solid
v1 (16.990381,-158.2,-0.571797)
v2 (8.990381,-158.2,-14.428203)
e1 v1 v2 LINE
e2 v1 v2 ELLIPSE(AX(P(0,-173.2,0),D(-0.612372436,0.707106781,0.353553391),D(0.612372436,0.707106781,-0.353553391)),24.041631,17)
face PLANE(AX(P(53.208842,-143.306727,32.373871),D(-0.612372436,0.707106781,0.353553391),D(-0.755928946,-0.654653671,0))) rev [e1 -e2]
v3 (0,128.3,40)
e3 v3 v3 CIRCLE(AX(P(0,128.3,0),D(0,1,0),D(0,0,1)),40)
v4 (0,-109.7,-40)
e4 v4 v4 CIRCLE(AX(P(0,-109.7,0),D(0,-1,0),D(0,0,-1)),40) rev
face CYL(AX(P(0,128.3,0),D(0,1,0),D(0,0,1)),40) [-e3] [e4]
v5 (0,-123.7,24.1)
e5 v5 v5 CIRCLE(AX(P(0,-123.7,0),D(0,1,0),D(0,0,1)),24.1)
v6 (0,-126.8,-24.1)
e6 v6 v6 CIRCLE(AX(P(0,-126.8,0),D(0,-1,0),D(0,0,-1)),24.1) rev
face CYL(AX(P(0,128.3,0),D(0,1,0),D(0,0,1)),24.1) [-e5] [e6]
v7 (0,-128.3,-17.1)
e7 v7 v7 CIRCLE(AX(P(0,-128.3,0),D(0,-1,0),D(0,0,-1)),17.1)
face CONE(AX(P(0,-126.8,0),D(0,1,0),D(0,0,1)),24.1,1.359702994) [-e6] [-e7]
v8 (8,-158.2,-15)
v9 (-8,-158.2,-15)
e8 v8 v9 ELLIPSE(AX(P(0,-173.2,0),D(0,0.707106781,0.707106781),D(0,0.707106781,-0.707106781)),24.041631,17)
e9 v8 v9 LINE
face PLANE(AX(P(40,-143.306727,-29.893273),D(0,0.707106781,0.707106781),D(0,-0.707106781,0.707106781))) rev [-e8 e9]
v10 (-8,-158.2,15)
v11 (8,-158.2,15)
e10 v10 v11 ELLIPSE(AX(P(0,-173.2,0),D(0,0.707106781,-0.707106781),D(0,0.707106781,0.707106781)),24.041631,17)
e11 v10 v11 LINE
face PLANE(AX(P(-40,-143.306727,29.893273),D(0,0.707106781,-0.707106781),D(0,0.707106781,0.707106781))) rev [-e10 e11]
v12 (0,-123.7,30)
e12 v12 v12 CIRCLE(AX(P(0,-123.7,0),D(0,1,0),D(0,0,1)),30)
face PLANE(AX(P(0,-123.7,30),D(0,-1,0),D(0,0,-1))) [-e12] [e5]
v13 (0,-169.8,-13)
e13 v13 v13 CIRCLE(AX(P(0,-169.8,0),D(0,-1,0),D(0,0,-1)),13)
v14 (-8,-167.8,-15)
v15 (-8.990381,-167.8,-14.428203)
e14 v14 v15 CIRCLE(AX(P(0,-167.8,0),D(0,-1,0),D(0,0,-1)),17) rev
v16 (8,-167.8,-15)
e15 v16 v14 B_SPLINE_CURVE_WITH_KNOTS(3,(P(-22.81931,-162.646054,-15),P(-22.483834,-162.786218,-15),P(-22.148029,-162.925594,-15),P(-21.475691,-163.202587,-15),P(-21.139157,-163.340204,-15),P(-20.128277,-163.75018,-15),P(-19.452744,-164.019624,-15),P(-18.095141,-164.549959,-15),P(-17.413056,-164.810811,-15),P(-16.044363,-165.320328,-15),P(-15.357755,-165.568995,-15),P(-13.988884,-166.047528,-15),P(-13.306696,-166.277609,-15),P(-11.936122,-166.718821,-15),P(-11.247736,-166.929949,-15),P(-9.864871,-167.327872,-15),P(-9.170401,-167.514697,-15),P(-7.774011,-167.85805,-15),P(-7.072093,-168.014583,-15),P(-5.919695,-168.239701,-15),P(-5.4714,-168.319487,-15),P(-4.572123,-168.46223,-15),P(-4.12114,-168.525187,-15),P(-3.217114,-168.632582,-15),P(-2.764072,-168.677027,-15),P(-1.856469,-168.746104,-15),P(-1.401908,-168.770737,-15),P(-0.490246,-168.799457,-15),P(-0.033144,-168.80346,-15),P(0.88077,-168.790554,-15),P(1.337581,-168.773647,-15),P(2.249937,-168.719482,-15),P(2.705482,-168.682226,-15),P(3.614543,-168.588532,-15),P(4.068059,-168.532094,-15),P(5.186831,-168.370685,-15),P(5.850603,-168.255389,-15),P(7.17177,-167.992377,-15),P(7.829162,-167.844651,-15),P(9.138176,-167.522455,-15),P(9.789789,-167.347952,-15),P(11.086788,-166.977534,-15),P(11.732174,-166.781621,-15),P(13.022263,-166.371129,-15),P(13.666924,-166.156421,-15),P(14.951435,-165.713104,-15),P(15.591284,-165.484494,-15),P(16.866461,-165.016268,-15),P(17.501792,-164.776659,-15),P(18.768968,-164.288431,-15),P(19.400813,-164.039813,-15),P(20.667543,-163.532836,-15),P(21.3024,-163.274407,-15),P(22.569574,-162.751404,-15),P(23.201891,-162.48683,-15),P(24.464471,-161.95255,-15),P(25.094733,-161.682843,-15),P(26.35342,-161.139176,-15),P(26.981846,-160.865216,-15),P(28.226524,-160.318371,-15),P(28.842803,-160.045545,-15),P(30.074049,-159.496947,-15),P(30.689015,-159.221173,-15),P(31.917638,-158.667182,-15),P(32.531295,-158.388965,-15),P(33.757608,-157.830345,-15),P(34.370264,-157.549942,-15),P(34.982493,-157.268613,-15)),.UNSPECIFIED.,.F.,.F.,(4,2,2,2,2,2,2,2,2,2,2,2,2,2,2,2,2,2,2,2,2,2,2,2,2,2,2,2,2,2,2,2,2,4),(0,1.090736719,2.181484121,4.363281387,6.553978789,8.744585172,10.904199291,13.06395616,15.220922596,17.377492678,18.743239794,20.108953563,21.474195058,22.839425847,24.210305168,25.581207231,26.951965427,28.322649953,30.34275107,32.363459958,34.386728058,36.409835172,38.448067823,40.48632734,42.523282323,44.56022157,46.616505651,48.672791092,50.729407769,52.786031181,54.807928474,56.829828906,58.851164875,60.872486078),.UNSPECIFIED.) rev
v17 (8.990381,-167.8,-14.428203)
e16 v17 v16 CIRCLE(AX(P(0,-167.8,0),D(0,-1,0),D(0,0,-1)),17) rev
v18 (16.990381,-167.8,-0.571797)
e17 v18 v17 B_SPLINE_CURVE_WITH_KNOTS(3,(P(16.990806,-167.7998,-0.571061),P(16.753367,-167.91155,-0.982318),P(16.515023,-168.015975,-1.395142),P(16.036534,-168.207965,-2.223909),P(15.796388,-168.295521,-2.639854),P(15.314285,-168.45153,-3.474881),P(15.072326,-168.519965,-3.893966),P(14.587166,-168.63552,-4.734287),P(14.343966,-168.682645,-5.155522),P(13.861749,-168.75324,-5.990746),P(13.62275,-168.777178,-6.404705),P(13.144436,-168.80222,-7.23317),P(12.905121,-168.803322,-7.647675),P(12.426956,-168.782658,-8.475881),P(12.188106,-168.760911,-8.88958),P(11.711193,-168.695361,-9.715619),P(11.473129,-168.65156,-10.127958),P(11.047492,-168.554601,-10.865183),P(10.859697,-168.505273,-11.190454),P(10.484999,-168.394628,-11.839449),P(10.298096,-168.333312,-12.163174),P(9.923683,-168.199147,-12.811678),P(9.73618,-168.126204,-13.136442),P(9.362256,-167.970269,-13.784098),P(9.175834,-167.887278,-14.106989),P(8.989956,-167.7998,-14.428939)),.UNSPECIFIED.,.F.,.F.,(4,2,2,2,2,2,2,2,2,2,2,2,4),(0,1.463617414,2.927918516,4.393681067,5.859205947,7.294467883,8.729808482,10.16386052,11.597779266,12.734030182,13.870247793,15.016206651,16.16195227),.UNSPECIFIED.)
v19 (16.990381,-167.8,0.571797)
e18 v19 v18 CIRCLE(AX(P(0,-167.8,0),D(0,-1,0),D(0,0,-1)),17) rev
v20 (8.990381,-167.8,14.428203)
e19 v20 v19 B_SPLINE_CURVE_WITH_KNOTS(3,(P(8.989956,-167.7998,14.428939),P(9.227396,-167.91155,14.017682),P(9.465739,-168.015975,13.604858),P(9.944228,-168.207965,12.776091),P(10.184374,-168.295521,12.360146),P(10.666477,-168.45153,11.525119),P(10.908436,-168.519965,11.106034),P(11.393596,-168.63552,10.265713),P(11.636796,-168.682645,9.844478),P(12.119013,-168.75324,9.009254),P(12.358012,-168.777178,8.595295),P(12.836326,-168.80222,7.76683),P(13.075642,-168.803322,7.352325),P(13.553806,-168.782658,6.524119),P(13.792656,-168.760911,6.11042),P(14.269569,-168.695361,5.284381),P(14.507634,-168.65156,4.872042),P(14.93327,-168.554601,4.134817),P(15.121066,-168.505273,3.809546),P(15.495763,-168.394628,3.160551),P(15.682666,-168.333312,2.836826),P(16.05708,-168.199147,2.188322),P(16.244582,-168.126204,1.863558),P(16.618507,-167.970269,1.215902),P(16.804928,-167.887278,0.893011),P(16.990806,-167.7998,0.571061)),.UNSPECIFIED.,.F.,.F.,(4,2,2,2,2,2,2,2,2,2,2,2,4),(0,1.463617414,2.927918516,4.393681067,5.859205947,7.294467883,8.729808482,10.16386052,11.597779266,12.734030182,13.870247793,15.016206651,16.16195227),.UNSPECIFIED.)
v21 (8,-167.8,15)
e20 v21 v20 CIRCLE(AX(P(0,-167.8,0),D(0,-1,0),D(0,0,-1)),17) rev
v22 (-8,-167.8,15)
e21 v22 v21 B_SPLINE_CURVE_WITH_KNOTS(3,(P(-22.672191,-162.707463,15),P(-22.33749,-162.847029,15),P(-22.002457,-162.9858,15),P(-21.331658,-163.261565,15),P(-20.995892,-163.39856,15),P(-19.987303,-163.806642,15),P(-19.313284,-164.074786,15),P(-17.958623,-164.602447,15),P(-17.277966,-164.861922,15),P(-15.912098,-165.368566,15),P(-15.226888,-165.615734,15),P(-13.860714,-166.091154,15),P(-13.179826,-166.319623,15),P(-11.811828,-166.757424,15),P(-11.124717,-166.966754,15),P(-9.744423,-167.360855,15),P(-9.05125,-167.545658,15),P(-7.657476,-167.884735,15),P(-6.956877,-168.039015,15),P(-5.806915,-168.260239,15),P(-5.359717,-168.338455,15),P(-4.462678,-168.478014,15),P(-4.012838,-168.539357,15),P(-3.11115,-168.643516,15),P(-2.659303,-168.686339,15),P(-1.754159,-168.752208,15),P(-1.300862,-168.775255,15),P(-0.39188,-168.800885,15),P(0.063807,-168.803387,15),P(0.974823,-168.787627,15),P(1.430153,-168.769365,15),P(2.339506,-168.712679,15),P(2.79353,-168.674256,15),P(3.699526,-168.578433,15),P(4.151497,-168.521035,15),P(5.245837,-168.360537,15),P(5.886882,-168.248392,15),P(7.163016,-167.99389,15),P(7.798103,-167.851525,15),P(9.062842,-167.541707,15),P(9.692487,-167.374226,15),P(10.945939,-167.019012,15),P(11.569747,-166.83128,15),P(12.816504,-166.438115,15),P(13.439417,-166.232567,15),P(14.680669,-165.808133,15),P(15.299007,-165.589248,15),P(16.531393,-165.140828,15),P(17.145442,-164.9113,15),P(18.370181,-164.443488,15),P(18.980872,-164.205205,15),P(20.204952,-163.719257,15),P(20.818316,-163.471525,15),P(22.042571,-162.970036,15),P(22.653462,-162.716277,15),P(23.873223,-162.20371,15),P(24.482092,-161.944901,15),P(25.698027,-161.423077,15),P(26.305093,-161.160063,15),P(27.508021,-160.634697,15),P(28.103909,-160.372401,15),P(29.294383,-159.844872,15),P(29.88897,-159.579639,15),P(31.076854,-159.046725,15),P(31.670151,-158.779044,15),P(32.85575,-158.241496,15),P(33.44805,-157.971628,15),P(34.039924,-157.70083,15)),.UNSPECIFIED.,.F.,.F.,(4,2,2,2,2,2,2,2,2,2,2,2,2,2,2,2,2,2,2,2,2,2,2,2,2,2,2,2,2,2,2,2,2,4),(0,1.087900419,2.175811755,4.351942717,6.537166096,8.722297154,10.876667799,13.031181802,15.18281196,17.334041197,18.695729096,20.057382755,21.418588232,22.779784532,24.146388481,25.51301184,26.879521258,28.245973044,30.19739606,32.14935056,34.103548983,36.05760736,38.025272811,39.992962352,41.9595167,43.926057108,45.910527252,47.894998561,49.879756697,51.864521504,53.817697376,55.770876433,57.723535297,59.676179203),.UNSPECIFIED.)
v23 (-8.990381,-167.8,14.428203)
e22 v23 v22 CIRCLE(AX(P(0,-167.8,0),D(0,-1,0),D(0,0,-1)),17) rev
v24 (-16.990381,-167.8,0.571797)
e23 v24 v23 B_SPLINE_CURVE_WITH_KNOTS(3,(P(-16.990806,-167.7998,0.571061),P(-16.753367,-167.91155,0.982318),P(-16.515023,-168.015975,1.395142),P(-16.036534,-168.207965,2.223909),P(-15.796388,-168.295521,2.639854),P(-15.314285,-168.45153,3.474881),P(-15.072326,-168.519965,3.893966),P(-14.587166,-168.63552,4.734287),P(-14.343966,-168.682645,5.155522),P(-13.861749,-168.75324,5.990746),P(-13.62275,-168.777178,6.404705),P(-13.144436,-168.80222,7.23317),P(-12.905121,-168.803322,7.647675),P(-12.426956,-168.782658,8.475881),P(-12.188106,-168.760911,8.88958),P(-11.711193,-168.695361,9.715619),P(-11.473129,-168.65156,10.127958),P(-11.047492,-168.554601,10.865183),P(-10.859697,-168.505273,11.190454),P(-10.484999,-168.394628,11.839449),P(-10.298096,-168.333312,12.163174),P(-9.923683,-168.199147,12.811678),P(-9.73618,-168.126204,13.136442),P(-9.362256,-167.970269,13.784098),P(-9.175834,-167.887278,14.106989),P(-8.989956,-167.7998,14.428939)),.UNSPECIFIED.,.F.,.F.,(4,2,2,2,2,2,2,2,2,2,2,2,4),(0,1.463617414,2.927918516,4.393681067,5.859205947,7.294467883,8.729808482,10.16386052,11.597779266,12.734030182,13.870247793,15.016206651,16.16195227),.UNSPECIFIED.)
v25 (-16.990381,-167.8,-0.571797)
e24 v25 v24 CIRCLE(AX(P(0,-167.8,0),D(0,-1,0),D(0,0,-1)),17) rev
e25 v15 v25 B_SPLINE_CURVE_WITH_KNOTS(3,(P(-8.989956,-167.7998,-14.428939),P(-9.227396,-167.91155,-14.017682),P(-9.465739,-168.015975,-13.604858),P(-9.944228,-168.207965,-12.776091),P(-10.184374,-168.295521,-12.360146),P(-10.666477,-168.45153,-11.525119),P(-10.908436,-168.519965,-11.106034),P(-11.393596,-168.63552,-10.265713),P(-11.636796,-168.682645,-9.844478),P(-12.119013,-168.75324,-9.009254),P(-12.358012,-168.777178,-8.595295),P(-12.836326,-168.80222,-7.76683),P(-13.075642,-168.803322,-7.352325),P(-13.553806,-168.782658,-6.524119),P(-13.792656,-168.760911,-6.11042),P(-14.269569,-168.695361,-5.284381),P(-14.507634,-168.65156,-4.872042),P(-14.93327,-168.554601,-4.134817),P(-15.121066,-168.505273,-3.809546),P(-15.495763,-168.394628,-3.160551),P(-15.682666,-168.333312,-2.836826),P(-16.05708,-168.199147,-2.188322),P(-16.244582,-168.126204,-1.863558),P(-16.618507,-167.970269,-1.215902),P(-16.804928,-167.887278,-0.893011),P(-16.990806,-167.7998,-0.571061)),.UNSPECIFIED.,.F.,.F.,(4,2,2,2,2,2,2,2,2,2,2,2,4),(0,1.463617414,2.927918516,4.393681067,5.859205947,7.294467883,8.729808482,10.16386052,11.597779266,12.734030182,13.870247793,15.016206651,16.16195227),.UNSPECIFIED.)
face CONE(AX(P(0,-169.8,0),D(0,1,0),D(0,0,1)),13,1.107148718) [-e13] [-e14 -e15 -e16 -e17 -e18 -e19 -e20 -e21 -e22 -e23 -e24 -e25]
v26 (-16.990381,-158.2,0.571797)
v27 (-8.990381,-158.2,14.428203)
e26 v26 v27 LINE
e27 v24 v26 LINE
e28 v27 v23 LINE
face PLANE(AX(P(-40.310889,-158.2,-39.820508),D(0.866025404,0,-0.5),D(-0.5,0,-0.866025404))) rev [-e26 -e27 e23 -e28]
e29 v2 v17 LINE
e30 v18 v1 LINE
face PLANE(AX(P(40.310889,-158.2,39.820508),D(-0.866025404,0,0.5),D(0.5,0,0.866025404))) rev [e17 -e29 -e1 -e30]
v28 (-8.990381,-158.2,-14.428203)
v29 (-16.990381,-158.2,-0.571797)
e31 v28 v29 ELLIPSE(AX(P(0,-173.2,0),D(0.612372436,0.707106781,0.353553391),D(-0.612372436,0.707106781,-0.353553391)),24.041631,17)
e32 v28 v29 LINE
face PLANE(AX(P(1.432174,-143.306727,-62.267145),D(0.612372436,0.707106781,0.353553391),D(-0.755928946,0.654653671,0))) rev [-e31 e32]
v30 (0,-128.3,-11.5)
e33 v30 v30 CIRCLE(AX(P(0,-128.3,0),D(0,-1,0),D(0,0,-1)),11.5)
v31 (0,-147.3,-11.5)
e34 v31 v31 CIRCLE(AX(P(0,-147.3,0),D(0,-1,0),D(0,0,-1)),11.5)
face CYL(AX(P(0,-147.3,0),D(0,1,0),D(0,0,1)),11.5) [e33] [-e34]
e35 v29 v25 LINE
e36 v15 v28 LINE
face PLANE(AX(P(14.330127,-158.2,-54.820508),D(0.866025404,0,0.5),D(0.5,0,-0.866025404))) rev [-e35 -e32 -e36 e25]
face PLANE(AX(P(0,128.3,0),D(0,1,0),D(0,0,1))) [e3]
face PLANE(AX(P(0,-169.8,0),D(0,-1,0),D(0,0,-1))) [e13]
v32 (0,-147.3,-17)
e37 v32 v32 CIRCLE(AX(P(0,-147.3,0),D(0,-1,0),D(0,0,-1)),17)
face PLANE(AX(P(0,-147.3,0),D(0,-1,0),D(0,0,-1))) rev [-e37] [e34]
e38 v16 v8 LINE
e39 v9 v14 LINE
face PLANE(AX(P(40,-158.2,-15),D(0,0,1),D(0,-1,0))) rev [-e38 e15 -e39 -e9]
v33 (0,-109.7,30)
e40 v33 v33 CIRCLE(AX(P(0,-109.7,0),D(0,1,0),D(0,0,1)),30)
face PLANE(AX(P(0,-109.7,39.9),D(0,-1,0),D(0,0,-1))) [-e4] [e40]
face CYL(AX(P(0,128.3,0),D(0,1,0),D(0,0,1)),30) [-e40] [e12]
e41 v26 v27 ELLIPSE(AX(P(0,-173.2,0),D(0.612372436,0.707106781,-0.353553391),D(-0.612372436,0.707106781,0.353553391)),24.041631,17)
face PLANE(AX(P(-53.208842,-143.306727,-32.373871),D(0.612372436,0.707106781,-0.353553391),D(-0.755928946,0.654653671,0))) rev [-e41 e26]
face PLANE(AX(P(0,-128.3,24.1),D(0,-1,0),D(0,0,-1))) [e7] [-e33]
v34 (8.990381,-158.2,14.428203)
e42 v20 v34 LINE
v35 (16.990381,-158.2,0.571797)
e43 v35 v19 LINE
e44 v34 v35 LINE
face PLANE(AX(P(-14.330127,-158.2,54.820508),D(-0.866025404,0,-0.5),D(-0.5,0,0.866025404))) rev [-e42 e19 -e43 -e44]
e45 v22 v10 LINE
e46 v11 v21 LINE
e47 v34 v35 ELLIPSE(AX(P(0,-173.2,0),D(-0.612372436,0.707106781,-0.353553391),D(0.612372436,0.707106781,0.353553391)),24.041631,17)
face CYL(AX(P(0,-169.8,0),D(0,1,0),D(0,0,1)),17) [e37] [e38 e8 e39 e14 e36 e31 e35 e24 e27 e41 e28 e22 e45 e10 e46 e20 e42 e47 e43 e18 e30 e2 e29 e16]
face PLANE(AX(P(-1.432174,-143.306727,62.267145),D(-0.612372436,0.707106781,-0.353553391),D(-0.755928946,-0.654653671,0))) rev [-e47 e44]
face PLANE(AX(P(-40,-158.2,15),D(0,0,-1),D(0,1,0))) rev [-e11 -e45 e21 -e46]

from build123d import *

# Parameters (mm, degrees)
CHAMFER2_SIZE       = 7
CHAMFER2_SIZE2      = 1.5
SKETCH2_R           = 11.5
BOSS_EXTRUDE1_DEPTH = 19
SKETCH3_R           = 17
BOSS_EXTRUDE2_DEPTH = 22.5
CHAMFER3_SIZE       = 2
CHAMFER3_SIZE2      = 4
CUT_EXTRUDE1_DEPTH  = 41
CIRPATTERN1_COUNT   = 6
SKETCH21_R          = 40
BOSS_EXTRUDE9_DEPTH = 238


with BuildPart() as part:
    # Sketch1 → Revolve1 (revolve)
    with BuildSketch(Plane(origin=(0, 0, 0), x_dir=(0, 0, -1), z_dir=(1, 0, 0))):
        Polygon((0, 128.3), (0, -128.3), (-24.1, -128.3), (-24.1, -123.7), (-30, -123.7), (-30, -109.7), (-39.9, -109.7), (-39.9, -99.7), (-40, -99.7), (-40, 100.3), (-39.9, 100.3), (-39.9, 128.3), align=None)
    revolve(axis=Axis((0, 128.3, 0), (0, -1, 0)))

    # Chamfer2
    chamfer2_edges = [part.edges().sort_by_distance(p)[0] for p in [
        (0, -128.3, -24.1),
    ]]
    chamfer2_side = [part.faces().sort_by_distance(p)[0] for p in [
        (0, -128.3, 0),
    ]]
    chamfer(chamfer2_edges, length=CHAMFER2_SIZE, length2=CHAMFER2_SIZE2, reference=chamfer2_side[0])

    # Sketch2 → Boss-Extrude1 (add)
    with BuildSketch(Plane.XZ.offset(128.3)):
        Circle(SKETCH2_R)
    extrude(amount=BOSS_EXTRUDE1_DEPTH)

    # Sketch3 → Boss-Extrude2 (add)
    with BuildSketch(Plane.XZ.offset(147.3)):
        Circle(SKETCH3_R)
    extrude(amount=BOSS_EXTRUDE2_DEPTH)

    # Chamfer3
    chamfer3_edges = [part.edges().sort_by_distance(p)[0] for p in [
        (-17, -169.8, 0),
    ]]
    chamfer3_side = [part.faces().sort_by_distance(p)[0] for p in [
        (-17, -158.55, 0),
    ]]
    chamfer(chamfer3_edges, length=CHAMFER3_SIZE, length2=CHAMFER3_SIZE2, reference=chamfer3_side[0])

    # Sketch7 → Cut-Extrude1 (cut, symmetric)
    with BuildSketch(Plane(origin=(0, 0, 0), x_dir=(0, 0, -1), z_dir=(1, 0, 0))):
        Polygon((-29.89327327, -143.30672673), (-15, -158.2), (-15, -177.081282463), (-29.89327327, -177.081282463), align=None)
    cut_extrude1 = extrude(amount=CUT_EXTRUDE1_DEPTH, both=True, mode=Mode.SUBTRACT)

    # CirPattern1: Cut-Extrude1 ×6 about axis
    cirpattern1_axis = Axis((0, 0, 0), (0, 1, 0))
    for i in range(1, CIRPATTERN1_COUNT):
        add(cut_extrude1.rotate(cirpattern1_axis, i * 360 / CIRPATTERN1_COUNT), mode=Mode.SUBTRACT)

    # Sketch21 → Boss-Extrude9 (add)
    with BuildSketch(Plane(origin=(0, 128.3, 0), x_dir=(1, 0, 0), z_dir=(0, 1, 0))):
        Circle(SKETCH21_R)
    extrude(amount=-BOSS_EXTRUDE9_DEPTH)


solid = part.part
